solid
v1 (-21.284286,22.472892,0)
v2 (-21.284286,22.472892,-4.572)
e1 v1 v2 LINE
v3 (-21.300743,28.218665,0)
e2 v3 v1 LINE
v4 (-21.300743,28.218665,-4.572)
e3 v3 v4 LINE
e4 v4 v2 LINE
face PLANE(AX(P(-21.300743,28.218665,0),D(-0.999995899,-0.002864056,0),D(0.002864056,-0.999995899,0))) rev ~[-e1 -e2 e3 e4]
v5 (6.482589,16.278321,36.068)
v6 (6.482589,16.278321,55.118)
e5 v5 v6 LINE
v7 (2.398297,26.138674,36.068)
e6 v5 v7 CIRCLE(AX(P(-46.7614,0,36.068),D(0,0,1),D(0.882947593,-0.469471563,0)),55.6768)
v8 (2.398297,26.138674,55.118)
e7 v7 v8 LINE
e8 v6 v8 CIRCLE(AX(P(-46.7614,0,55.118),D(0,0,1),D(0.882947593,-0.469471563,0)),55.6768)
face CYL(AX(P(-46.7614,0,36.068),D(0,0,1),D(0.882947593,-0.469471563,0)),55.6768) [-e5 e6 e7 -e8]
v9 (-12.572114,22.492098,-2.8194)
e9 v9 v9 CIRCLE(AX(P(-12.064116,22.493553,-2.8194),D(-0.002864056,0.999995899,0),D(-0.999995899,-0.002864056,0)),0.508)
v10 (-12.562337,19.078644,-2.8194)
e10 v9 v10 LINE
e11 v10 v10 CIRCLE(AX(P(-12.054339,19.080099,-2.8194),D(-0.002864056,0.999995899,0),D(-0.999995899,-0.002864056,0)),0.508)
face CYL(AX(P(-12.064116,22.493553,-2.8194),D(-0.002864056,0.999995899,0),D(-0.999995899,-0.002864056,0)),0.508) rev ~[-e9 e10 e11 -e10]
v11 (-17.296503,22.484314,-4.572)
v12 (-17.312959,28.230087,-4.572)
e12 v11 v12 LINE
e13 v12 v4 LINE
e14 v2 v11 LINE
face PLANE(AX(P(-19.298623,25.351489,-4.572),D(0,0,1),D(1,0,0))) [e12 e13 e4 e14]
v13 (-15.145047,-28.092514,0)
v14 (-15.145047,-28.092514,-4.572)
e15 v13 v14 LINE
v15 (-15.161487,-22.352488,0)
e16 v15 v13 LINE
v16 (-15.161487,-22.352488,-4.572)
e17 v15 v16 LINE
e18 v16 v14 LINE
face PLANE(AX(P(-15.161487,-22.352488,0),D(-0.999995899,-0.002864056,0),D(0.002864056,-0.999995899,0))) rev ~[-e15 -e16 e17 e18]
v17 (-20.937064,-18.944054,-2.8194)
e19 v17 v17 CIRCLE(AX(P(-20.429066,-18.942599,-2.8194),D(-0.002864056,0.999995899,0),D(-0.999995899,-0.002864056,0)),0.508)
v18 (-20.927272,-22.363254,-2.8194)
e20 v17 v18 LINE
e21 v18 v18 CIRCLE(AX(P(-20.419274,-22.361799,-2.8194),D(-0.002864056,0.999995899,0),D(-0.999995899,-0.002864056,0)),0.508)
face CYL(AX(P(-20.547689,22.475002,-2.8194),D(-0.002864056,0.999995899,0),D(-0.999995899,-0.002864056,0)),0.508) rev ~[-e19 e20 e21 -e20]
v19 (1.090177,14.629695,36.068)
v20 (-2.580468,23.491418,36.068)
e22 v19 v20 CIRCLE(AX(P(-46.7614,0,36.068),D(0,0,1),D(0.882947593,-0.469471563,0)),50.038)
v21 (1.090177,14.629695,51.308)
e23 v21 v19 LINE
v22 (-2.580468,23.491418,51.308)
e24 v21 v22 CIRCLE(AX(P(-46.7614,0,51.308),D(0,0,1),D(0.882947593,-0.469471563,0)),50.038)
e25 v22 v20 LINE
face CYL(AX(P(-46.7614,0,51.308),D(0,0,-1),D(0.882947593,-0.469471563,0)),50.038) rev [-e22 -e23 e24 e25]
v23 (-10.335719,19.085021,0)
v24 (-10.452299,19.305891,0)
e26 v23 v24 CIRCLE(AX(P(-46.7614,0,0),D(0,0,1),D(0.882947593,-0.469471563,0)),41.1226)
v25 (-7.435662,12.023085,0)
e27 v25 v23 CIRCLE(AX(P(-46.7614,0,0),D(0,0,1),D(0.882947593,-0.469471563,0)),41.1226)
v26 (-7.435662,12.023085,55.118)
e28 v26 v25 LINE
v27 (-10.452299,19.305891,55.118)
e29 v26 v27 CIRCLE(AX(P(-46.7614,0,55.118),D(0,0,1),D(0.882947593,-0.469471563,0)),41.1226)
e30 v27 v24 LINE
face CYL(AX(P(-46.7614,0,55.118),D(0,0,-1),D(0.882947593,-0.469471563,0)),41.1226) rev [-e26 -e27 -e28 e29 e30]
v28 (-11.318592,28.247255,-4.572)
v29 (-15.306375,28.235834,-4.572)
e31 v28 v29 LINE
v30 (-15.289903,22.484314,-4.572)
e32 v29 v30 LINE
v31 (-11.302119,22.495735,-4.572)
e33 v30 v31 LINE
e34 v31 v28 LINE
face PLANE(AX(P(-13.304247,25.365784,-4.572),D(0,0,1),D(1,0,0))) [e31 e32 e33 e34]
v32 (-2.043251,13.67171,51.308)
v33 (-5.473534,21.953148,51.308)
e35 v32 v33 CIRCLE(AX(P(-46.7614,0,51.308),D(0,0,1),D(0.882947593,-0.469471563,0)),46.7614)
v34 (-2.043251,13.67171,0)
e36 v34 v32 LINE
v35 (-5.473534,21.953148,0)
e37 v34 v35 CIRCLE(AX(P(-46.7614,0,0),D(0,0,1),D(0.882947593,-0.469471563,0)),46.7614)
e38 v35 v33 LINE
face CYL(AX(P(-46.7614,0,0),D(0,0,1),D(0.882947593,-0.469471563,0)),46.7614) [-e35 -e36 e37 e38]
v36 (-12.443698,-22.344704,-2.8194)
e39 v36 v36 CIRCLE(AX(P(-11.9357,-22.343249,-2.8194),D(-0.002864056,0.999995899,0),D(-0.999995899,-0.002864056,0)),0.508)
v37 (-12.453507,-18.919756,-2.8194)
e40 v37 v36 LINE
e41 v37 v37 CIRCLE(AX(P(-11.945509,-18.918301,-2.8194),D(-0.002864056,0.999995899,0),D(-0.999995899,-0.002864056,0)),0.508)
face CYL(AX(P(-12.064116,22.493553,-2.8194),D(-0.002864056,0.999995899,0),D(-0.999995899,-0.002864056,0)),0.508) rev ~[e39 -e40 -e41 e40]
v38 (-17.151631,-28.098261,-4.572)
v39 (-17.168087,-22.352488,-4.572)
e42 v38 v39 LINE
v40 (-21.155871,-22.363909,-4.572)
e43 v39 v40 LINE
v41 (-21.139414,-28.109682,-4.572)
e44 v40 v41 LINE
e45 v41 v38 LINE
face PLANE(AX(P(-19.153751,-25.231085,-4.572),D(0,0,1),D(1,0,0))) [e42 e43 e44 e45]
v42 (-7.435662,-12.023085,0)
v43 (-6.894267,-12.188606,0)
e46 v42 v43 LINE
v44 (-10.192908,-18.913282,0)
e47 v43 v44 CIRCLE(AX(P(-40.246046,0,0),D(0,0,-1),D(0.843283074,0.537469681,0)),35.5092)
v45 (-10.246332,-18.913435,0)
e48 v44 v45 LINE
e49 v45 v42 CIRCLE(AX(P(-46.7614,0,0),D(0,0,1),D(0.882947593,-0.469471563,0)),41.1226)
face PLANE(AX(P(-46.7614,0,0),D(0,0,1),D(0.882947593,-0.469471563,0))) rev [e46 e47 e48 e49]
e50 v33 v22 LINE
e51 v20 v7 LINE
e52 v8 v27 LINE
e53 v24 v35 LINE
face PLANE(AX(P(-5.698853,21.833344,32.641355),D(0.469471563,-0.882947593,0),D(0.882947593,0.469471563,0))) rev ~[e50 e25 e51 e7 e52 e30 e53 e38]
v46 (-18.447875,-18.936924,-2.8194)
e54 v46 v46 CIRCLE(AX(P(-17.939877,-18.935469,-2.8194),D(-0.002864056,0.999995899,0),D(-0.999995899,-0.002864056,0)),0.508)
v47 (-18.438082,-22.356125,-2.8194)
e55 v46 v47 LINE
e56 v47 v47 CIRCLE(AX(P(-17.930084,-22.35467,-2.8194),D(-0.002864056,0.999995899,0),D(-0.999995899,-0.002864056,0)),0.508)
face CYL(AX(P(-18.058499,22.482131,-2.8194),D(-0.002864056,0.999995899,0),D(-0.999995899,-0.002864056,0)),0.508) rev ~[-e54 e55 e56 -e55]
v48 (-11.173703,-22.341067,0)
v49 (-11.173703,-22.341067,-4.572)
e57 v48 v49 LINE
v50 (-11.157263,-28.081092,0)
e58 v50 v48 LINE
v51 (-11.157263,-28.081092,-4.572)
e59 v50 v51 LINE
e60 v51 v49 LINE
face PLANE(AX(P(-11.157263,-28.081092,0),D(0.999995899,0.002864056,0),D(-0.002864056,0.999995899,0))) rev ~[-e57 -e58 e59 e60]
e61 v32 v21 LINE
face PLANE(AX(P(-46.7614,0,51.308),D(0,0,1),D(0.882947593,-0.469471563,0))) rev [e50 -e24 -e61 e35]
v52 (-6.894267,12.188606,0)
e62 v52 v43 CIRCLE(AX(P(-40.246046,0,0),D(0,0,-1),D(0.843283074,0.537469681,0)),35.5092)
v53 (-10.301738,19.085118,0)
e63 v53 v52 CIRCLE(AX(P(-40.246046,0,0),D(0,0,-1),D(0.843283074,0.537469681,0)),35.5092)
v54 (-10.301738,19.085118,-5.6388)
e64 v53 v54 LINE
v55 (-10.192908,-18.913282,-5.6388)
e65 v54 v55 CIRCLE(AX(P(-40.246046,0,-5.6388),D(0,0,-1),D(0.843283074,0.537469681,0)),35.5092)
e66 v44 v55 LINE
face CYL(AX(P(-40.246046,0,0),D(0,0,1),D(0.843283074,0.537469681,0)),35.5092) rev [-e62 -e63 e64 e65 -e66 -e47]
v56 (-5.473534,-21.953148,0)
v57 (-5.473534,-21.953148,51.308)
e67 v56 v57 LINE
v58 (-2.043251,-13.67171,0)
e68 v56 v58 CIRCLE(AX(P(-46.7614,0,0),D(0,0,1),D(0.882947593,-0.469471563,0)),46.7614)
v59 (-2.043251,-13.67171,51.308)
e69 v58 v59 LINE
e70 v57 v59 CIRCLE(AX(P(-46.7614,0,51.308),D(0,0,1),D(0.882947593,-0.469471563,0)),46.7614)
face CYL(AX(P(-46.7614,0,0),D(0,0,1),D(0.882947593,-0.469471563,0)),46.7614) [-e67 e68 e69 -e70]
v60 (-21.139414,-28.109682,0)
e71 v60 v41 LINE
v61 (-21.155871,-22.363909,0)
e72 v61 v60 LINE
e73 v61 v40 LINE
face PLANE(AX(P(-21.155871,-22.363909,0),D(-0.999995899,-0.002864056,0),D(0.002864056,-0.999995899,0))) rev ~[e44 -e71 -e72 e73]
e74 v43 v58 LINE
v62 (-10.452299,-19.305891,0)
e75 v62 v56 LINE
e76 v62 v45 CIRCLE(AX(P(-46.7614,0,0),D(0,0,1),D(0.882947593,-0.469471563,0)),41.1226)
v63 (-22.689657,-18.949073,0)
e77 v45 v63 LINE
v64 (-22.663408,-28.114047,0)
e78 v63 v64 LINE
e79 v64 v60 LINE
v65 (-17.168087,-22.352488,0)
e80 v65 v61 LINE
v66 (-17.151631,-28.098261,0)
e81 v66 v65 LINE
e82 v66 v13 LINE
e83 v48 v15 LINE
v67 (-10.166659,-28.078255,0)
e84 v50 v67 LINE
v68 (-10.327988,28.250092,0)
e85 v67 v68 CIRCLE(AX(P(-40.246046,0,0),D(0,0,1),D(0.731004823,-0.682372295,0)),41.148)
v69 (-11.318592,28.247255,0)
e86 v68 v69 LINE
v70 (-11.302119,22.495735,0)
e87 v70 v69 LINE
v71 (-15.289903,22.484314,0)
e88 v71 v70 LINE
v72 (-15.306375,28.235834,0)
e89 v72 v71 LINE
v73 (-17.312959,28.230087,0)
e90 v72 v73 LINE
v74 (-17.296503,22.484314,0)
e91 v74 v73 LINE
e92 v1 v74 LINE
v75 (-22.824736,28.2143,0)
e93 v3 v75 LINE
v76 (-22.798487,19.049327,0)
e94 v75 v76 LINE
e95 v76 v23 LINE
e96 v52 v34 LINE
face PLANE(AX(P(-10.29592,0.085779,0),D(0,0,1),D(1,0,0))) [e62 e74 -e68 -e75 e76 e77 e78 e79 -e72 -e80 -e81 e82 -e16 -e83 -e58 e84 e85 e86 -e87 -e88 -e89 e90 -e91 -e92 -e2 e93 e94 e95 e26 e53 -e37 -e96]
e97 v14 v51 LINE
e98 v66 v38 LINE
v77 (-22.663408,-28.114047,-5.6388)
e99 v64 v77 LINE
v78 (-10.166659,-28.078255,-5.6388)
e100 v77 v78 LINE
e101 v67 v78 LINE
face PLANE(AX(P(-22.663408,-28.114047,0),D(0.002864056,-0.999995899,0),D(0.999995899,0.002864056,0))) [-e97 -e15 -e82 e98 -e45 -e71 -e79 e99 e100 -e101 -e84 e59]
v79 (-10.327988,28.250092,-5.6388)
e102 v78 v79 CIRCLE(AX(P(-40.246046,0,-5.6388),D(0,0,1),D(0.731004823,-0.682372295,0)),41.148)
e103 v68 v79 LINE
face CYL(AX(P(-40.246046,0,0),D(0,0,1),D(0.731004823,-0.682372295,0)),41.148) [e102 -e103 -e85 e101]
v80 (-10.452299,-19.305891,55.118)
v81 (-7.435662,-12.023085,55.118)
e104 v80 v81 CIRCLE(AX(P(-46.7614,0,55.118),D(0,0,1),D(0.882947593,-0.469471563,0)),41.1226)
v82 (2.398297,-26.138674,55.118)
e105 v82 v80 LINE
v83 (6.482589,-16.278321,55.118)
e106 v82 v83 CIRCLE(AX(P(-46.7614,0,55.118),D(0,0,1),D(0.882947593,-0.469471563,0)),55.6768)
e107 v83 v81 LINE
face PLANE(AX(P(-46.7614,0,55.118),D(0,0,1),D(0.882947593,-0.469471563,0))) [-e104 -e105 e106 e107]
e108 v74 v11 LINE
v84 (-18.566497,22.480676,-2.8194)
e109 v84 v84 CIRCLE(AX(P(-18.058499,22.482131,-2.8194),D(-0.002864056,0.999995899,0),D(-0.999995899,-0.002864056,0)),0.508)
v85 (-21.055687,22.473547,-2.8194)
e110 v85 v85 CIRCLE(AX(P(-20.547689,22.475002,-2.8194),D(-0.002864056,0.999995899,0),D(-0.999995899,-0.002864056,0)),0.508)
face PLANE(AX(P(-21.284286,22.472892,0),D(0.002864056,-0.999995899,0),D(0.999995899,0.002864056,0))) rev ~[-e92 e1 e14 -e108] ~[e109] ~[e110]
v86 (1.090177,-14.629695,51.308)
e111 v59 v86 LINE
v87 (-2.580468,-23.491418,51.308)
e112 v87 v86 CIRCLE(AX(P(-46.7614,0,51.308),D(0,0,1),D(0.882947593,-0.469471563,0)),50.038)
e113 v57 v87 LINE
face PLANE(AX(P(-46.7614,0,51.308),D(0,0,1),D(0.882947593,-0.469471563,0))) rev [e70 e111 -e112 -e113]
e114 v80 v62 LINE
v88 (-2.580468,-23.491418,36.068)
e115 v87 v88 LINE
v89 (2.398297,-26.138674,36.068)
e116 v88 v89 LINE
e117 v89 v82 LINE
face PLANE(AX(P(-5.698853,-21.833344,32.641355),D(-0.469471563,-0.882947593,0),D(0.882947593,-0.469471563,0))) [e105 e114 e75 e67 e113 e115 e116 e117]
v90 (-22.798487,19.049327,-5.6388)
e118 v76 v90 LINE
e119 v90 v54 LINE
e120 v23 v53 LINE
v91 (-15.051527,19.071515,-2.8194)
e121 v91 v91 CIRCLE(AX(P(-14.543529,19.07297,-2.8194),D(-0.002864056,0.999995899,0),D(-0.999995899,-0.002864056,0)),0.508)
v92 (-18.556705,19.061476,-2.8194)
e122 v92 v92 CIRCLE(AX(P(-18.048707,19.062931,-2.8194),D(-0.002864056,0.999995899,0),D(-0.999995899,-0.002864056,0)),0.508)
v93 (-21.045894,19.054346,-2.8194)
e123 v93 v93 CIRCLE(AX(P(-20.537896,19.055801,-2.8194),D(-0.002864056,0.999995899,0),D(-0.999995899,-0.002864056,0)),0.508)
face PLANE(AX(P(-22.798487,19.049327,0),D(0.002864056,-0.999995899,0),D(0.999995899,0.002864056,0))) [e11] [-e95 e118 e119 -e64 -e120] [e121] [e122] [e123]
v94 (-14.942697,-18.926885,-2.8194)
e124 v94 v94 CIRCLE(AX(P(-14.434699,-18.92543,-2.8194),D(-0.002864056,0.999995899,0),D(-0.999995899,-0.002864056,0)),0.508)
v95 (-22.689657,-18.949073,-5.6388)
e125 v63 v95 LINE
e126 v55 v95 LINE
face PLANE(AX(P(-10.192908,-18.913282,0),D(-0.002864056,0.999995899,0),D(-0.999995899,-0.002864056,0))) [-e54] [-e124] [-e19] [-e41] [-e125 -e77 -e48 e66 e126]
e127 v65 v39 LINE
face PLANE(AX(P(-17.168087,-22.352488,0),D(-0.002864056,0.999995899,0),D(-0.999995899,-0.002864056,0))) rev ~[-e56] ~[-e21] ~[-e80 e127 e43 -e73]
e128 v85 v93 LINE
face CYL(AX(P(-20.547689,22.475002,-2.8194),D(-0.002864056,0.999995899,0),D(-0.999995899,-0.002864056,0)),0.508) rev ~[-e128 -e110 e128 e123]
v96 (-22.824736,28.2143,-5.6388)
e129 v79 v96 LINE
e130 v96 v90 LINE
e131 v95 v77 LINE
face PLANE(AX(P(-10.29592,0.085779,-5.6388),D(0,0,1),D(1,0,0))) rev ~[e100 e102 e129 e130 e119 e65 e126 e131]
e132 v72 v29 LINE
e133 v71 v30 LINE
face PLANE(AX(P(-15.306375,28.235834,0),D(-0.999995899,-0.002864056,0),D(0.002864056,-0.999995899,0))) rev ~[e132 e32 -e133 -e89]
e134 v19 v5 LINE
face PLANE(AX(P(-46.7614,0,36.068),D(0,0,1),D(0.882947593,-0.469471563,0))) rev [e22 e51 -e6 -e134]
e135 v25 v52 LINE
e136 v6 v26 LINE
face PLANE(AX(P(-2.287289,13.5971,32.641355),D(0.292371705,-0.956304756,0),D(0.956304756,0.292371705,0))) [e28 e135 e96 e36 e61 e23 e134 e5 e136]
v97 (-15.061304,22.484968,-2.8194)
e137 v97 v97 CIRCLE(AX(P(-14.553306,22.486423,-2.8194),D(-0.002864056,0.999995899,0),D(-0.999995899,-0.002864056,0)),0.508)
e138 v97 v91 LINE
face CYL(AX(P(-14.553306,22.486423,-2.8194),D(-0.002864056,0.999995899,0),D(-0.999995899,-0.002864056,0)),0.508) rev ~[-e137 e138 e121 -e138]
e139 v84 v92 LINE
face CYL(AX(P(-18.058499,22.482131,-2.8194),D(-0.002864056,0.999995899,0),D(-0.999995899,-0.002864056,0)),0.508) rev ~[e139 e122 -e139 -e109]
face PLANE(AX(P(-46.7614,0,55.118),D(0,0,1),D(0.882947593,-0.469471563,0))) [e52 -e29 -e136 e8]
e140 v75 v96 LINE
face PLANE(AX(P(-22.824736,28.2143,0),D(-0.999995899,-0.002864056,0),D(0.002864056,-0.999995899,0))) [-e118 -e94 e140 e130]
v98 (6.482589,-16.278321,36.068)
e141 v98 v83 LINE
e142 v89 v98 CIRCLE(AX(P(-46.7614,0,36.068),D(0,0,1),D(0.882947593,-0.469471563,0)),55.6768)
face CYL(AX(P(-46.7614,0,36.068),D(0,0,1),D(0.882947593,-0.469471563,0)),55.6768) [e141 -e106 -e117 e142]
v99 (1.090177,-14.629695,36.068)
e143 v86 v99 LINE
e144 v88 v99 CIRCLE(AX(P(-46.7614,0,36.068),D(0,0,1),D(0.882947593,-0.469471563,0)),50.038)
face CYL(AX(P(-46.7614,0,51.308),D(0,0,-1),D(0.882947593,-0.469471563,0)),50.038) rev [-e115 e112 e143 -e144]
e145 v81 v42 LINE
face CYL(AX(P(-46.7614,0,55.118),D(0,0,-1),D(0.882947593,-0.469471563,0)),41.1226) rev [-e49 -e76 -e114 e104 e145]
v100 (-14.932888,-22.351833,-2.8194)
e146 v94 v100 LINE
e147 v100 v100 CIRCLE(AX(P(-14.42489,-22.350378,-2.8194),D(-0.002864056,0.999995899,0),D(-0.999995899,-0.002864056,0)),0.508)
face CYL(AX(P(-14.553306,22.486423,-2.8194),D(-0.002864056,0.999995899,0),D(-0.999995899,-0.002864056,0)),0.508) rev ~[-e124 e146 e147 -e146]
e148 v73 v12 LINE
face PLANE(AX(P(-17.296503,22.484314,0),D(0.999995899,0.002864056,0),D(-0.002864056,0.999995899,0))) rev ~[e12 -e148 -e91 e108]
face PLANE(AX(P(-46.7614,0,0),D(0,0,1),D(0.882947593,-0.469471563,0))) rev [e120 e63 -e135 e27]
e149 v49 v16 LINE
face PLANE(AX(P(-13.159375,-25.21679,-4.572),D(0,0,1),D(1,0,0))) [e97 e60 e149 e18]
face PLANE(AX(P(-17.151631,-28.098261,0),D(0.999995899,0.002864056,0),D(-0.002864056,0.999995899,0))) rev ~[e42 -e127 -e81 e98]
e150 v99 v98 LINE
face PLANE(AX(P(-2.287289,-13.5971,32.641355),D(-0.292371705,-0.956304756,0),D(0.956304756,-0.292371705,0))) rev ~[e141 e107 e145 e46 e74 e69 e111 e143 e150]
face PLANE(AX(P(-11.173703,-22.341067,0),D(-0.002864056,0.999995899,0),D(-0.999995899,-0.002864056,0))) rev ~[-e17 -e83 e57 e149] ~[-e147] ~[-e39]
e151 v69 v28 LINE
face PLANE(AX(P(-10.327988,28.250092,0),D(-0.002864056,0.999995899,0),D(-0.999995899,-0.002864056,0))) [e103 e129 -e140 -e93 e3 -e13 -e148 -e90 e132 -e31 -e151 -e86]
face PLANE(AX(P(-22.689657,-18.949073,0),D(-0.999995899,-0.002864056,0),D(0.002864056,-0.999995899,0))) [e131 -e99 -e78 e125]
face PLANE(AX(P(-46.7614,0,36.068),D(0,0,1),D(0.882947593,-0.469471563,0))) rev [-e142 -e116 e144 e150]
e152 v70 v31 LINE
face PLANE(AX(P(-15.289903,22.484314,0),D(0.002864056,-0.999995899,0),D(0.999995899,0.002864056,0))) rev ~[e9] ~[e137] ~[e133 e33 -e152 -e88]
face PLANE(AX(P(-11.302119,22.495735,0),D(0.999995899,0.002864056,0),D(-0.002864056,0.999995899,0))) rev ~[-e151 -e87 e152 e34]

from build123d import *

# Parameters (mm, degrees)
F1_ANGLE_BACK = 28
F1_ANGLE      = 56
F2_ANGLE_BACK = 17
F2_ANGLE      = 34
F4_DEPTH      = 5.6388
F6_DEPTH      = 4.572
F7_R          = 0.508
F8_DEPTH      = 99.568
F9_R          = 0.508
F10_DEPTH     = 72.39


with BuildPart() as f1:
    # F0 (on Front) → F1 (revolve)
    with BuildSketch(Plane.XZ, mode=Mode.PRIVATE) as f1_sk:
        Polygon((0, 0), (0, 51.308), (3.2766, 51.308), (3.2766, 36.068), (8.9154, 36.068), (8.9154, 55.118), (-5.6388, 55.118), (-5.6388, 0), align=None)
    revolve(f1_sk.sketch.rotate(Axis((-46.7614, 0, 20.3579571098), (0, 0, 1)), -F1_ANGLE_BACK), axis=Axis((-46.7614, 0, 20.3579571098), (0, 0, 1)), revolution_arc=F1_ANGLE)

    # F0 (on Front) → F2 (revolve, cut)
    with BuildSketch(Plane.XZ, mode=Mode.PRIVATE) as f2_sk:
        Polygon((0, 0), (0, 51.308), (3.2766, 51.308), (3.2766, 36.068), (8.9154, 36.068), (8.9154, 55.118), (-5.6388, 55.118), (-5.6388, 0), align=None)
    revolve(f2_sk.sketch.rotate(Axis((-46.7614, 0, 20.3579571098), (0, 0, -1)), -F2_ANGLE_BACK), axis=Axis((-46.7614, 0, 20.3579571098), (0, 0, -1)), revolution_arc=F2_ANGLE, mode=Mode.SUBTRACT)

    # F3 (on Top) → F4 (join)
    with BuildSketch(Plane.XY):
        with BuildLine():
            Line((-22.6634080678, -28.1140467498), (-10.1666593224, -28.0782552096))
            ThreePointArc((-10.1666593224, -28.0782552096), (0.9017854761, 0.1178501934), (-10.3279875482, 28.2500919806))
            Line((-10.3279875482, 28.2500919806), (-22.8247362936, 28.2143004404))
            Line((-22.8247362936, 28.2143004404), (-22.7984871846, 19.0493268453))
            Line((-22.7984871846, 19.0493268453), (-10.3017384392, 19.0851183855))
            ThreePointArc((-10.3017384392, 19.0851183855), (-4.7369913968, 0.1017003521), (-10.1929084315, -18.9132816145))
            Line((-10.1929084315, -18.9132816145), (-22.6896571769, -18.9490731547))
            Line((-22.6896571769, -18.9490731547), (-22.6634080678, -28.1140467498))
        make_face()
    extrude(amount=-F4_DEPTH)

    # F5 (on face) → F6 (cut)
    with BuildSketch(Plane.XY):
        Polygon((-21.1558706034, -22.363909105), (-21.1394143184, -28.1096819278), (-17.151630674, -28.0982606436), (-17.168086959, -22.3524878208), align=None)
        Polygon((-15.161486959, -22.3524878208), (-15.1450471338, -28.0925136516), (-11.1572634894, -28.0810923674), (-11.1737033147, -22.3410665366), align=None)
        Polygon((-17.2965026148, 22.4843137237), (-17.3129588998, 28.2300865465), (-21.3007425442, 28.2186652623), (-21.2842862592, 22.4728924395), align=None)
        Polygon((-11.3021189705, 22.4957350078), (-11.3185917152, 28.2472548227), (-15.3063753596, 28.2358335385), (-15.2899026148, 22.4843137237), align=None)
    extrude(amount=-F6_DEPTH, mode=Mode.SUBTRACT)

    # F7 (on face) → F8 (cut)
    with BuildSketch(Plane(origin=(-0.0645214991, 22.527920253, 0), x_dir=(-0.9999958986, -0.0028640564, 0), z_dir=(-0.0028640564, 0.9999958986, 0))):
        with Locations((11.9996435616, -2.8194)):
            Circle(F7_R)
        with Locations((14.4888435616, -2.8194)):
            Circle(F7_R)
    extrude(amount=-F8_DEPTH, mode=Mode.SUBTRACT)

    # F9 (on face) → F10 (cut)
    with BuildSketch(Plane(origin=(-0.0645379589, 22.533667245, 0), x_dir=(-0.9999958986, -0.0028640564, 0), z_dir=(-0.0028640564, 0.9999958986, 0))):
        with Locations((17.9940353317, -2.8194)):
            Circle(F9_R)
        with Locations((20.4832353317, -2.8194)):
            Circle(F9_R)
    extrude(amount=-F10_DEPTH, mode=Mode.SUBTRACT)


solid = f1.part
